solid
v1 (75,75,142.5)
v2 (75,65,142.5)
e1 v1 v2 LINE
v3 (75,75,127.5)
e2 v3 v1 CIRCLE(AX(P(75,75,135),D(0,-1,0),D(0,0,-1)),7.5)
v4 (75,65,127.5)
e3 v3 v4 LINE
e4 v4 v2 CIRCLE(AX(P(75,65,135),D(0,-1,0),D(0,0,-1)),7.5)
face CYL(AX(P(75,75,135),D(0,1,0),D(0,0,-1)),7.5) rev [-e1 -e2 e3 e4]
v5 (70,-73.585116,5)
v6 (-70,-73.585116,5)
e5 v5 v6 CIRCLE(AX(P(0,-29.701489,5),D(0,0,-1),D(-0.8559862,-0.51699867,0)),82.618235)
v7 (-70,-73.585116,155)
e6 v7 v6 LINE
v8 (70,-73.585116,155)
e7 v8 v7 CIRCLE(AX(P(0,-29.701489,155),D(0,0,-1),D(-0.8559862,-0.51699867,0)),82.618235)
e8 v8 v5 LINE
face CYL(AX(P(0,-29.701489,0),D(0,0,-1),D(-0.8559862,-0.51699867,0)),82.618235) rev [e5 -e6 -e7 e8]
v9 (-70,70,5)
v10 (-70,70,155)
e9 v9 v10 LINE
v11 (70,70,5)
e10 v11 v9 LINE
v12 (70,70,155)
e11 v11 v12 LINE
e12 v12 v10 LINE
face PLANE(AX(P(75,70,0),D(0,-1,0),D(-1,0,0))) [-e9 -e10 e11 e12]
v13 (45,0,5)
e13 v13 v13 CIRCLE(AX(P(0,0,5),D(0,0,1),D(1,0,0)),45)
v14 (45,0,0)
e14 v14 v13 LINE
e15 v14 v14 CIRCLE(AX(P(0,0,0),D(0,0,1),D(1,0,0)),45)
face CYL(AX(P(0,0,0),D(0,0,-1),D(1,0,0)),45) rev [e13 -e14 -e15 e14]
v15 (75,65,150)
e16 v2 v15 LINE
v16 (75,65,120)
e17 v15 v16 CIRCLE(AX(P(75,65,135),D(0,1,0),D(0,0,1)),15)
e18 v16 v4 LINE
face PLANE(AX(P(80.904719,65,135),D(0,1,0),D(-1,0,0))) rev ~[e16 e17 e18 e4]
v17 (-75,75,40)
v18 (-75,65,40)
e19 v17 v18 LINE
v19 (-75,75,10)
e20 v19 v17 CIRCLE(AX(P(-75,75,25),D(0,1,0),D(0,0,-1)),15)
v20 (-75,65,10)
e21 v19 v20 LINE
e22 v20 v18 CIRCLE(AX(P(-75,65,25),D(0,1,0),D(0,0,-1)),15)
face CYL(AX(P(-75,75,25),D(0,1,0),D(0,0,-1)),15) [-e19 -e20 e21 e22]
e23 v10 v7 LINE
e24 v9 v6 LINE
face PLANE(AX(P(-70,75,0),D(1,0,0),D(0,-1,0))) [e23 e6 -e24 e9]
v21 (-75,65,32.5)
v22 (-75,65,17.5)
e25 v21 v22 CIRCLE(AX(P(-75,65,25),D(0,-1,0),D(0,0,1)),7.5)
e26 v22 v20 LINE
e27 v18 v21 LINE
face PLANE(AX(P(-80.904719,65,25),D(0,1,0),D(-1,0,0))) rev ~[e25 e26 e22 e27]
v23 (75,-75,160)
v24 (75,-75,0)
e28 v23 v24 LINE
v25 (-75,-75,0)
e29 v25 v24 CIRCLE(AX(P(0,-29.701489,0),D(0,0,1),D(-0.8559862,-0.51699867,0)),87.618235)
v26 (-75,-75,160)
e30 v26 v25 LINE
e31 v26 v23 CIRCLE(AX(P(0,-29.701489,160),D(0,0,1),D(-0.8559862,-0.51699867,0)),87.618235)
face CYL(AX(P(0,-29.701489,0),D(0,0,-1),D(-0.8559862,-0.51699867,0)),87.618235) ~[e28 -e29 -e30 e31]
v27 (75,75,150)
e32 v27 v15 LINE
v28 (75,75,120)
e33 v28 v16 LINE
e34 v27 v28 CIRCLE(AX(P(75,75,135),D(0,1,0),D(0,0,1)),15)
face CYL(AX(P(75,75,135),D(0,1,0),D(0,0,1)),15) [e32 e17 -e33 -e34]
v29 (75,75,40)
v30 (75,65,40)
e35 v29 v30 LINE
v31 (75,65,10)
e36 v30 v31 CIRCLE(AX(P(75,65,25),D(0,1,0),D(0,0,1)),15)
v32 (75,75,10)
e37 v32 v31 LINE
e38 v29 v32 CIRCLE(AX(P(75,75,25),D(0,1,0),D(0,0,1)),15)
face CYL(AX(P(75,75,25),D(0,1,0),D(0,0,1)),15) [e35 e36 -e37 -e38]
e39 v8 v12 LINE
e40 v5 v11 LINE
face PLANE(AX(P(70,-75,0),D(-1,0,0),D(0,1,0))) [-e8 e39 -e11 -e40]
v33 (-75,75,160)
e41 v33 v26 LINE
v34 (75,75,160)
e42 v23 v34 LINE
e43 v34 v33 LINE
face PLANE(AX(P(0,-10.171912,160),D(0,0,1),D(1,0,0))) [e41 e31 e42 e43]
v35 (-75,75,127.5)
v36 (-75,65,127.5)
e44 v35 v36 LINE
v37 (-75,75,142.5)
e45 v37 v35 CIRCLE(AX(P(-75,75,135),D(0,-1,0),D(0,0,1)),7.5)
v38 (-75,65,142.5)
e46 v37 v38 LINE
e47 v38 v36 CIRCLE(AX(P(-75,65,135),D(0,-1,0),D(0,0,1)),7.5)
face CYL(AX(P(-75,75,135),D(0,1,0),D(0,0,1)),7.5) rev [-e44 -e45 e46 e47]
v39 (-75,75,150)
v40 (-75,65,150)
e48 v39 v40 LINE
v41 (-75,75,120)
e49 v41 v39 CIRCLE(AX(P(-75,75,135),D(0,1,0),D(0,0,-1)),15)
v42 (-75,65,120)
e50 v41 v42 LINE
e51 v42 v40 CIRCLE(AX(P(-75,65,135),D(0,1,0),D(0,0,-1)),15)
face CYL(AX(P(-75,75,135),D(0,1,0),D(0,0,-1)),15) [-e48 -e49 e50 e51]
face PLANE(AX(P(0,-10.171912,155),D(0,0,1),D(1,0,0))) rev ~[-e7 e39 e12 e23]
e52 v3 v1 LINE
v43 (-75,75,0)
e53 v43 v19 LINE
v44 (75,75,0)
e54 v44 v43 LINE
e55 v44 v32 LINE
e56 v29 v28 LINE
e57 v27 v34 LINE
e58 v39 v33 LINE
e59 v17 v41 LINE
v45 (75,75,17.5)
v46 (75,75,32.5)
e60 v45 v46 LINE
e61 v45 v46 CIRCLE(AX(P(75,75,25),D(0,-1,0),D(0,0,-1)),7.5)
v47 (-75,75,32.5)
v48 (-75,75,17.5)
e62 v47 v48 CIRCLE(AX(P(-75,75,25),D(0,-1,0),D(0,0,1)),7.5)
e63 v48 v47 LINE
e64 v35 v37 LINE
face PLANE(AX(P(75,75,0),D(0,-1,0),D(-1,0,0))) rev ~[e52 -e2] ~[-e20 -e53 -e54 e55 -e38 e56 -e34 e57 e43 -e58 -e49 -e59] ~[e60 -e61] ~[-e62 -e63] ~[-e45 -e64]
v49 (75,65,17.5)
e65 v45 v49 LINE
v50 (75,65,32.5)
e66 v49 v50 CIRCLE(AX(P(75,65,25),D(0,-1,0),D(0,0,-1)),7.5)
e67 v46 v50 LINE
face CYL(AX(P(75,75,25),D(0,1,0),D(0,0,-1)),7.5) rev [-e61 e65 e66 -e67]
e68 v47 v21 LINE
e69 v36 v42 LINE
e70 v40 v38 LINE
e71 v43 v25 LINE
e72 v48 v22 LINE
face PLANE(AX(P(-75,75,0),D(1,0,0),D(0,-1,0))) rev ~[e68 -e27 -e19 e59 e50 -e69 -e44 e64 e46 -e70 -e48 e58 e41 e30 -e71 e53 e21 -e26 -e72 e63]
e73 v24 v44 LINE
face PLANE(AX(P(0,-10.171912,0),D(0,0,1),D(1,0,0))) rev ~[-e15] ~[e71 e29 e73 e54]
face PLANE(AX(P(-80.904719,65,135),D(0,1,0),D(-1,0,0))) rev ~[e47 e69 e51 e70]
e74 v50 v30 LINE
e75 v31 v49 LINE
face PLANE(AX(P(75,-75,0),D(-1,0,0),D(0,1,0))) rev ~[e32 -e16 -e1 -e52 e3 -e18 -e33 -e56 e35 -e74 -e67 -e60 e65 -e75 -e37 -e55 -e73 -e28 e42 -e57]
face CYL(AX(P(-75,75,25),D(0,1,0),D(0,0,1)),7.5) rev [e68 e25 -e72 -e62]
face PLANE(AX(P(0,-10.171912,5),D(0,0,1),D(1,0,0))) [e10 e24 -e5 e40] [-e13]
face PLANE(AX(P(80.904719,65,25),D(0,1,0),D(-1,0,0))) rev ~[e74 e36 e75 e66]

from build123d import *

# Parameters (mm, degrees)
F0_R     = 45
F1_DEPTH = 160
F2_T     = -5
F3_DEPTH = 5
F5_DEPTH = 10


with BuildPart() as f1:
    # F0 (on Top) → F1 (new body)
    with BuildSketch(Plane.XY):
        with BuildLine():
            Line((75, -75), (75, 75))
            Line((75, 75), (-75, 75))
            Line((-75, 75), (-75, -75))
            ThreePointArc((-75, -75), (0, -117.319724), (75, -75))
        make_face()
        Circle(F0_R, mode=Mode.SUBTRACT)
        Circle(F0_R)
    extrude(amount=F1_DEPTH)

    # F2
    f2_openings = [f1.faces().sort_by_distance(p)[0] for p in [
        (0, -15.361785, 0),
    ]]
    offset(amount=F2_T, openings=f2_openings)

    # F0 (on Top) → F3 (join)
    with BuildSketch(Plane.XY):
        with BuildLine():
            Line((75, -75), (75, 75))
            Line((75, 75), (-75, 75))
            Line((-75, 75), (-75, -75))
            ThreePointArc((-75, -75), (0, -117.319724), (75, -75))
        make_face()
        Circle(F0_R, mode=Mode.SUBTRACT)
    extrude(amount=F3_DEPTH)

    # F4 (on face) → F5 (join)
    with BuildSketch(Plane(origin=(0, 75, 0), x_dir=(-1, 0, 0), z_dir=(0, 1, 0))):
        with BuildLine():
            ThreePointArc((-75, 150), (-90, 135), (-75, 120))
            Line((-75, 120), (-75, 127.5))
            ThreePointArc((-75, 127.5), (-82.5, 135), (-75, 142.5))
            Line((-75, 142.5), (-75, 150))
        make_face()
        with BuildLine():
            Line((75, 127.5), (75, 120))
            ThreePointArc((75, 120), (90, 135), (75, 150))
            Line((75, 150), (75, 142.5))
            ThreePointArc((75, 142.5), (82.5, 135), (75, 127.5))
        make_face()
        with BuildLine():
            ThreePointArc((-75, 40), (-90, 25), (-75, 10))
            Line((-75, 10), (-75, 17.5))
            ThreePointArc((-75, 17.5), (-82.5, 25), (-75, 32.5))
            Line((-75, 32.5), (-75, 40))
        make_face()
        with BuildLine():
            Line((75, 17.5), (75, 10))
            ThreePointArc((75, 10), (90, 25), (75, 40))
            Line((75, 40), (75, 32.5))
            ThreePointArc((75, 32.5), (82.5, 25), (75, 17.5))
        make_face()
    extrude(amount=-F5_DEPTH)


solid = f1.part
